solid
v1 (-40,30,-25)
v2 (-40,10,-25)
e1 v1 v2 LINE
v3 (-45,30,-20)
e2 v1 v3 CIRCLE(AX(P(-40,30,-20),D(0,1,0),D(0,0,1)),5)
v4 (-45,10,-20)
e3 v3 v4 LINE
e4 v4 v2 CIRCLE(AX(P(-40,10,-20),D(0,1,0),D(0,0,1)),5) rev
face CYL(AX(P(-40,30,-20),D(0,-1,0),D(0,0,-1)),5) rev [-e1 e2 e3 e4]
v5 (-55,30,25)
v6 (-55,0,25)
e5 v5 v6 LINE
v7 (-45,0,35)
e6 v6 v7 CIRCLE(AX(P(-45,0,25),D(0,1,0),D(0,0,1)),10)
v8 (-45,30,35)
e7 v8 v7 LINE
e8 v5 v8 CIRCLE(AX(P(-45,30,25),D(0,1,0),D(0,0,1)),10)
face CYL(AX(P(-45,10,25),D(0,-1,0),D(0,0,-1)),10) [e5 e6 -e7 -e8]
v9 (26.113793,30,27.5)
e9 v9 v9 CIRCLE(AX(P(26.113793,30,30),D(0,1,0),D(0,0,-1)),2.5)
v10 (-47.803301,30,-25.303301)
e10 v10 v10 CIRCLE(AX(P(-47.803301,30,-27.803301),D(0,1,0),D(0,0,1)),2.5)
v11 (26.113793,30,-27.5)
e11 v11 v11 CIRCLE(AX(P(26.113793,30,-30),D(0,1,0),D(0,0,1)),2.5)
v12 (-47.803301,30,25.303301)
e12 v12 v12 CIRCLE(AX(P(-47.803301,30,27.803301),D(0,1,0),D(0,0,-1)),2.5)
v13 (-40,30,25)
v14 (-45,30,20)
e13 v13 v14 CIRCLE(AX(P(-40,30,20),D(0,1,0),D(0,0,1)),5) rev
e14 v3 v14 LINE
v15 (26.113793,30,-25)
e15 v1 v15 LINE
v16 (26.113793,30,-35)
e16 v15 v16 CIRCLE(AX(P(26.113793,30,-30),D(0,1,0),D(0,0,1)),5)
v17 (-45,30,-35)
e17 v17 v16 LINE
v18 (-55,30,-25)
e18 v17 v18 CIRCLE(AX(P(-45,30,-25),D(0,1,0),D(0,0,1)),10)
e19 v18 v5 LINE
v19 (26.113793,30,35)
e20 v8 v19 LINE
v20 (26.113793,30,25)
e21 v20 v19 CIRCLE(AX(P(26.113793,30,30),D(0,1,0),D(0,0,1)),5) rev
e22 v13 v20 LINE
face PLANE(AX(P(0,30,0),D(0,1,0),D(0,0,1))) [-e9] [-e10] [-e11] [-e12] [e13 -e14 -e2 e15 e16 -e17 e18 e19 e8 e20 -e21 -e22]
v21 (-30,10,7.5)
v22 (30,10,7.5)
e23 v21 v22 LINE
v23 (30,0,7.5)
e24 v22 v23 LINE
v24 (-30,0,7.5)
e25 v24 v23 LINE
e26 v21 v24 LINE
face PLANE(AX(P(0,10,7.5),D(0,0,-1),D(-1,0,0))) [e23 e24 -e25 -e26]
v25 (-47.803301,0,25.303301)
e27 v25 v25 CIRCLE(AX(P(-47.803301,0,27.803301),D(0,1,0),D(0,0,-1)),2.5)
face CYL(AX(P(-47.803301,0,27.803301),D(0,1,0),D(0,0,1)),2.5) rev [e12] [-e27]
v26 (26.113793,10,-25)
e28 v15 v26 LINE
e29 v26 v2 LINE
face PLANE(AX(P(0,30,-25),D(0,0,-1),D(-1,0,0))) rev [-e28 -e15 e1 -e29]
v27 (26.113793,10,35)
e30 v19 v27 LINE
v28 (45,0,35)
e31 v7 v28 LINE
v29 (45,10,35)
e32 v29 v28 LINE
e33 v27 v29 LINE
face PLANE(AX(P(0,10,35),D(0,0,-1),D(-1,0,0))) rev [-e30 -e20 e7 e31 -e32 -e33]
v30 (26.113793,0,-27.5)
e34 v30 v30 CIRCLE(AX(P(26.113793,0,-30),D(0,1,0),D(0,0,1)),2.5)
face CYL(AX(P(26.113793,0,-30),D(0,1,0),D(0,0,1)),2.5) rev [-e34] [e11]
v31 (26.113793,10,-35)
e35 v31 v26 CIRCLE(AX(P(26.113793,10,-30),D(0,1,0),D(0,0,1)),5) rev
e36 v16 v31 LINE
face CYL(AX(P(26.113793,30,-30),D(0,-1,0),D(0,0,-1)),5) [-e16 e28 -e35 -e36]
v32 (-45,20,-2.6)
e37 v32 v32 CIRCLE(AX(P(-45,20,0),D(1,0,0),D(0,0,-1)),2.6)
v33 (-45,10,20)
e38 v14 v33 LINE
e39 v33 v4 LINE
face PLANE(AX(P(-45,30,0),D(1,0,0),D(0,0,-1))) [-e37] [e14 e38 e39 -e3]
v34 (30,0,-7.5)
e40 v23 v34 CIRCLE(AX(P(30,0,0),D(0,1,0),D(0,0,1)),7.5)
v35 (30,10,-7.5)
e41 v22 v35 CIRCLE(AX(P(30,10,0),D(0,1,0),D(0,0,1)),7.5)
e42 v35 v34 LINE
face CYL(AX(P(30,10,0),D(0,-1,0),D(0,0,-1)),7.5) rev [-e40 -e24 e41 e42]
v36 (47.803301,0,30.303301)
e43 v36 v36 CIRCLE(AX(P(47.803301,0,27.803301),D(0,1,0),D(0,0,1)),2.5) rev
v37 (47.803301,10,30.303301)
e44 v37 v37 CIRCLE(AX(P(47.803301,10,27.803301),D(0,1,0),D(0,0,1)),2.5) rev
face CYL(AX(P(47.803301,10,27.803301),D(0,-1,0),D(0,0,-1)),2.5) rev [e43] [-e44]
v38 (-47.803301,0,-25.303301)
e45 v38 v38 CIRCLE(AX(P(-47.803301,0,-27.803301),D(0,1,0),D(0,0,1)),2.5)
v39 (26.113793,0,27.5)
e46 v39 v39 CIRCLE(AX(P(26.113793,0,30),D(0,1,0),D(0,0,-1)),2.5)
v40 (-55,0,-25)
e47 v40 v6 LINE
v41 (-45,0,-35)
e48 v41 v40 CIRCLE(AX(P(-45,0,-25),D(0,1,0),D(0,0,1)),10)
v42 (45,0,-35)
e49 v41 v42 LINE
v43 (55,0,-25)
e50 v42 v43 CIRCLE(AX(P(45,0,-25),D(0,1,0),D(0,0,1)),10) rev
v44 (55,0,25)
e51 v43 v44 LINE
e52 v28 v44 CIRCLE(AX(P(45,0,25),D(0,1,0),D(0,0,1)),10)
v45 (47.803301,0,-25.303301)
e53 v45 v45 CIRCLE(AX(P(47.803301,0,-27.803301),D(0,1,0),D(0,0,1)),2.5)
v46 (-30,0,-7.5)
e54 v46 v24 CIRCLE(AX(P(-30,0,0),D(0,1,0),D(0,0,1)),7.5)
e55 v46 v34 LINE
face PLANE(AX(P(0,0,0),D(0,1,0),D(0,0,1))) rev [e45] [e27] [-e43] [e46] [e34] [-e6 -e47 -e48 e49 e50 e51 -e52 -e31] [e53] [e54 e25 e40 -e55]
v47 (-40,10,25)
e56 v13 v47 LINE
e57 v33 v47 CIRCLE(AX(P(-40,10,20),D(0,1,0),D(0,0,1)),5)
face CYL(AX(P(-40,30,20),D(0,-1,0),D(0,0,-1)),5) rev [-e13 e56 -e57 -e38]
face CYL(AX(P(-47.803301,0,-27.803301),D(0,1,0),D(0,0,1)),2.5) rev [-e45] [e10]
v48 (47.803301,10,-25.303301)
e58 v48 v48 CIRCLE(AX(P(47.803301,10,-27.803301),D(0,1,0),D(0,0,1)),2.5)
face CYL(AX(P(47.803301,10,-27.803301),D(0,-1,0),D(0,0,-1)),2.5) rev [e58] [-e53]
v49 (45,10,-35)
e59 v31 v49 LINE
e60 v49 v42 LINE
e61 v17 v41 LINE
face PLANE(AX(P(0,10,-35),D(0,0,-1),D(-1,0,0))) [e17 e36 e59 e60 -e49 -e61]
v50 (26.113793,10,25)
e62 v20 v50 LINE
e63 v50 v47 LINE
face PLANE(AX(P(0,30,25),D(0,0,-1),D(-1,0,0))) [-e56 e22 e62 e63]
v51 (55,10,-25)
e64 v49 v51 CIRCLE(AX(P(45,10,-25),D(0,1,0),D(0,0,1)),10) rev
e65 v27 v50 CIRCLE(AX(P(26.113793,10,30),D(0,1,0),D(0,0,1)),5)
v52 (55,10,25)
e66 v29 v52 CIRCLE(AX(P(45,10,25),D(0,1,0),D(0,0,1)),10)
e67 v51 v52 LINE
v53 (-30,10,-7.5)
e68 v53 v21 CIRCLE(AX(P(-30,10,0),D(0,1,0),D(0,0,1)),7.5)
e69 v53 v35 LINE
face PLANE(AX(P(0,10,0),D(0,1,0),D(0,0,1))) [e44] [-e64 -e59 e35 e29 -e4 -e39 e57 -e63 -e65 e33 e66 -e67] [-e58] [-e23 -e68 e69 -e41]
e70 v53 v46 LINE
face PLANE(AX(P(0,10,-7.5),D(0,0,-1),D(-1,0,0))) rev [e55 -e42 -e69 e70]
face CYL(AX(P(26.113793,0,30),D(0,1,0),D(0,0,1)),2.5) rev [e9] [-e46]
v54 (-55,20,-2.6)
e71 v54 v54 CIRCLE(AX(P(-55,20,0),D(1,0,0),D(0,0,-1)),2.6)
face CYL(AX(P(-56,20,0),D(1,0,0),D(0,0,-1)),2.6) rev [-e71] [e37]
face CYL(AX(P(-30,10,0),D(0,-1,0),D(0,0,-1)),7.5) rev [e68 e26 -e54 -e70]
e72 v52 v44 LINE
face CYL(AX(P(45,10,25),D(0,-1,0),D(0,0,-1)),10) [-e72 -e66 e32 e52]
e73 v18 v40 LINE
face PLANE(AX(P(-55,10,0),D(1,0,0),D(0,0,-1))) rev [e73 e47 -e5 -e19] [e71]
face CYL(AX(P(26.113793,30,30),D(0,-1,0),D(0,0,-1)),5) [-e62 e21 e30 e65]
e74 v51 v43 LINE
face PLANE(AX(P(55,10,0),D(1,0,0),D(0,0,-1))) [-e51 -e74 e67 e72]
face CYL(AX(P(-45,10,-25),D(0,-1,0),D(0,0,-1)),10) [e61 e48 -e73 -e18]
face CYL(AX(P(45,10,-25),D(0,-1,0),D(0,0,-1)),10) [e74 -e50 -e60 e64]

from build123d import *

# Parameters (mm, degrees)
SKETCH1_R           = 2.5
BOSS_EXTRUDE1_DEPTH = 10
BOSS_EXTRUDE2_DEPTH = 30
SKETCH3_R           = 2.5
CUT_EXTRUDE1_DEPTH  = 30
SKETCH6_R           = 2.6
CUT_EXTRUDE3_DEPTH  = 11


with BuildPart() as part:
    # Sketch1 → Boss-Extrude1 (new body)
    with BuildSketch(Plane(origin=(0, 0, 0), x_dir=(1, 0, 0), z_dir=(0, 1, 0))):
        with BuildLine():
            ThreePointArc((-45, 35), (-52.071067812, 32.071067812), (-55, 25))
            Line((-55, 25), (-55, -25))
            ThreePointArc((-55, -25), (-52.071067812, -32.071067812), (-45, -35))
            Line((-45, -35), (45, -35))
            ThreePointArc((45, -35), (52.071067812, -32.071067812), (55, -25))
            Line((55, -25), (55, 25))
            ThreePointArc((55, 25), (52.071067812, 32.071067812), (45, 35))
            Line((45, 35), (-45, 35))
        make_face()
        with BuildLine():
            Line((-30, 7.5), (30, 7.5))
            ThreePointArc((30, 7.5), (37.5, 0), (30, -7.5))
            Line((30, -7.5), (-30, -7.5))
            ThreePointArc((-30, -7.5), (-37.5, 0), (-30, 7.5))
        make_face(mode=Mode.SUBTRACT)
        with Locations((47.803300859, -27.803300859)):
            Circle(SKETCH1_R, mode=Mode.SUBTRACT)
        with Locations((47.803300859, 27.803300859)):
            Circle(SKETCH1_R, mode=Mode.SUBTRACT)
    extrude(amount=BOSS_EXTRUDE1_DEPTH)

    # Sketch1<6> → Boss-Extrude2 (add)
    with BuildSketch(Plane(origin=(0, 0, 0), x_dir=(1, 0, 0), z_dir=(0, 1, 0))):
        with BuildLine():
            Line((26.113792714, 35), (-45, 35))
            ThreePointArc((-45, 35), (-52.071067812, 32.071067812), (-55, 25))
            Line((-55, 25), (-55, -25))
            ThreePointArc((-55, -25), (-52.071067812, -32.071067812), (-45, -35))
            Line((-45, -35), (26.113792684, -35))
            ThreePointArc((26.113792684, -35), (31.113792714, -30.000000008), (26.1137927, -25))
            Line((26.1137927, -25), (-40, -25))
            ThreePointArc((-40, -25), (-43.535533906, -23.535533906), (-45, -20))
            Line((-45, -20), (-45, 20))
            ThreePointArc((-45, 20), (-43.535533906, 23.535533906), (-40, 25))
            Line((-40, 25), (26.113792714, 25))
            ThreePointArc((26.113792714, 25), (31.113792714, 30), (26.113792714, 35))
        make_face()
    extrude(amount=BOSS_EXTRUDE2_DEPTH)

    # Sketch3 → Cut-Extrude1 (cut)
    with BuildSketch(Plane(origin=(0, 30, 0), x_dir=(1, 0, 0), z_dir=(0, 1, 0))):
        with Locations((-47.803300859, 27.803300859)):
            Circle(SKETCH3_R)
        with Locations((-47.803300859, -27.803300859)):
            Circle(SKETCH3_R)
        with Locations((26.113792714, 30)):
            Circle(SKETCH3_R)
        with Locations((26.113792714, -30)):
            Circle(SKETCH3_R)
    extrude(amount=-CUT_EXTRUDE1_DEPTH, mode=Mode.SUBTRACT)

    # Sketch6 → Cut-Extrude3 (cut)
    with BuildSketch(Plane(origin=(-45, 0, 0), x_dir=(0, 0, -1), z_dir=(1, 0, 0))):
        with Locations((0, 20)):
            Circle(SKETCH6_R)
    extrude(amount=-CUT_EXTRUDE3_DEPTH, mode=Mode.SUBTRACT)


solid = part.part
